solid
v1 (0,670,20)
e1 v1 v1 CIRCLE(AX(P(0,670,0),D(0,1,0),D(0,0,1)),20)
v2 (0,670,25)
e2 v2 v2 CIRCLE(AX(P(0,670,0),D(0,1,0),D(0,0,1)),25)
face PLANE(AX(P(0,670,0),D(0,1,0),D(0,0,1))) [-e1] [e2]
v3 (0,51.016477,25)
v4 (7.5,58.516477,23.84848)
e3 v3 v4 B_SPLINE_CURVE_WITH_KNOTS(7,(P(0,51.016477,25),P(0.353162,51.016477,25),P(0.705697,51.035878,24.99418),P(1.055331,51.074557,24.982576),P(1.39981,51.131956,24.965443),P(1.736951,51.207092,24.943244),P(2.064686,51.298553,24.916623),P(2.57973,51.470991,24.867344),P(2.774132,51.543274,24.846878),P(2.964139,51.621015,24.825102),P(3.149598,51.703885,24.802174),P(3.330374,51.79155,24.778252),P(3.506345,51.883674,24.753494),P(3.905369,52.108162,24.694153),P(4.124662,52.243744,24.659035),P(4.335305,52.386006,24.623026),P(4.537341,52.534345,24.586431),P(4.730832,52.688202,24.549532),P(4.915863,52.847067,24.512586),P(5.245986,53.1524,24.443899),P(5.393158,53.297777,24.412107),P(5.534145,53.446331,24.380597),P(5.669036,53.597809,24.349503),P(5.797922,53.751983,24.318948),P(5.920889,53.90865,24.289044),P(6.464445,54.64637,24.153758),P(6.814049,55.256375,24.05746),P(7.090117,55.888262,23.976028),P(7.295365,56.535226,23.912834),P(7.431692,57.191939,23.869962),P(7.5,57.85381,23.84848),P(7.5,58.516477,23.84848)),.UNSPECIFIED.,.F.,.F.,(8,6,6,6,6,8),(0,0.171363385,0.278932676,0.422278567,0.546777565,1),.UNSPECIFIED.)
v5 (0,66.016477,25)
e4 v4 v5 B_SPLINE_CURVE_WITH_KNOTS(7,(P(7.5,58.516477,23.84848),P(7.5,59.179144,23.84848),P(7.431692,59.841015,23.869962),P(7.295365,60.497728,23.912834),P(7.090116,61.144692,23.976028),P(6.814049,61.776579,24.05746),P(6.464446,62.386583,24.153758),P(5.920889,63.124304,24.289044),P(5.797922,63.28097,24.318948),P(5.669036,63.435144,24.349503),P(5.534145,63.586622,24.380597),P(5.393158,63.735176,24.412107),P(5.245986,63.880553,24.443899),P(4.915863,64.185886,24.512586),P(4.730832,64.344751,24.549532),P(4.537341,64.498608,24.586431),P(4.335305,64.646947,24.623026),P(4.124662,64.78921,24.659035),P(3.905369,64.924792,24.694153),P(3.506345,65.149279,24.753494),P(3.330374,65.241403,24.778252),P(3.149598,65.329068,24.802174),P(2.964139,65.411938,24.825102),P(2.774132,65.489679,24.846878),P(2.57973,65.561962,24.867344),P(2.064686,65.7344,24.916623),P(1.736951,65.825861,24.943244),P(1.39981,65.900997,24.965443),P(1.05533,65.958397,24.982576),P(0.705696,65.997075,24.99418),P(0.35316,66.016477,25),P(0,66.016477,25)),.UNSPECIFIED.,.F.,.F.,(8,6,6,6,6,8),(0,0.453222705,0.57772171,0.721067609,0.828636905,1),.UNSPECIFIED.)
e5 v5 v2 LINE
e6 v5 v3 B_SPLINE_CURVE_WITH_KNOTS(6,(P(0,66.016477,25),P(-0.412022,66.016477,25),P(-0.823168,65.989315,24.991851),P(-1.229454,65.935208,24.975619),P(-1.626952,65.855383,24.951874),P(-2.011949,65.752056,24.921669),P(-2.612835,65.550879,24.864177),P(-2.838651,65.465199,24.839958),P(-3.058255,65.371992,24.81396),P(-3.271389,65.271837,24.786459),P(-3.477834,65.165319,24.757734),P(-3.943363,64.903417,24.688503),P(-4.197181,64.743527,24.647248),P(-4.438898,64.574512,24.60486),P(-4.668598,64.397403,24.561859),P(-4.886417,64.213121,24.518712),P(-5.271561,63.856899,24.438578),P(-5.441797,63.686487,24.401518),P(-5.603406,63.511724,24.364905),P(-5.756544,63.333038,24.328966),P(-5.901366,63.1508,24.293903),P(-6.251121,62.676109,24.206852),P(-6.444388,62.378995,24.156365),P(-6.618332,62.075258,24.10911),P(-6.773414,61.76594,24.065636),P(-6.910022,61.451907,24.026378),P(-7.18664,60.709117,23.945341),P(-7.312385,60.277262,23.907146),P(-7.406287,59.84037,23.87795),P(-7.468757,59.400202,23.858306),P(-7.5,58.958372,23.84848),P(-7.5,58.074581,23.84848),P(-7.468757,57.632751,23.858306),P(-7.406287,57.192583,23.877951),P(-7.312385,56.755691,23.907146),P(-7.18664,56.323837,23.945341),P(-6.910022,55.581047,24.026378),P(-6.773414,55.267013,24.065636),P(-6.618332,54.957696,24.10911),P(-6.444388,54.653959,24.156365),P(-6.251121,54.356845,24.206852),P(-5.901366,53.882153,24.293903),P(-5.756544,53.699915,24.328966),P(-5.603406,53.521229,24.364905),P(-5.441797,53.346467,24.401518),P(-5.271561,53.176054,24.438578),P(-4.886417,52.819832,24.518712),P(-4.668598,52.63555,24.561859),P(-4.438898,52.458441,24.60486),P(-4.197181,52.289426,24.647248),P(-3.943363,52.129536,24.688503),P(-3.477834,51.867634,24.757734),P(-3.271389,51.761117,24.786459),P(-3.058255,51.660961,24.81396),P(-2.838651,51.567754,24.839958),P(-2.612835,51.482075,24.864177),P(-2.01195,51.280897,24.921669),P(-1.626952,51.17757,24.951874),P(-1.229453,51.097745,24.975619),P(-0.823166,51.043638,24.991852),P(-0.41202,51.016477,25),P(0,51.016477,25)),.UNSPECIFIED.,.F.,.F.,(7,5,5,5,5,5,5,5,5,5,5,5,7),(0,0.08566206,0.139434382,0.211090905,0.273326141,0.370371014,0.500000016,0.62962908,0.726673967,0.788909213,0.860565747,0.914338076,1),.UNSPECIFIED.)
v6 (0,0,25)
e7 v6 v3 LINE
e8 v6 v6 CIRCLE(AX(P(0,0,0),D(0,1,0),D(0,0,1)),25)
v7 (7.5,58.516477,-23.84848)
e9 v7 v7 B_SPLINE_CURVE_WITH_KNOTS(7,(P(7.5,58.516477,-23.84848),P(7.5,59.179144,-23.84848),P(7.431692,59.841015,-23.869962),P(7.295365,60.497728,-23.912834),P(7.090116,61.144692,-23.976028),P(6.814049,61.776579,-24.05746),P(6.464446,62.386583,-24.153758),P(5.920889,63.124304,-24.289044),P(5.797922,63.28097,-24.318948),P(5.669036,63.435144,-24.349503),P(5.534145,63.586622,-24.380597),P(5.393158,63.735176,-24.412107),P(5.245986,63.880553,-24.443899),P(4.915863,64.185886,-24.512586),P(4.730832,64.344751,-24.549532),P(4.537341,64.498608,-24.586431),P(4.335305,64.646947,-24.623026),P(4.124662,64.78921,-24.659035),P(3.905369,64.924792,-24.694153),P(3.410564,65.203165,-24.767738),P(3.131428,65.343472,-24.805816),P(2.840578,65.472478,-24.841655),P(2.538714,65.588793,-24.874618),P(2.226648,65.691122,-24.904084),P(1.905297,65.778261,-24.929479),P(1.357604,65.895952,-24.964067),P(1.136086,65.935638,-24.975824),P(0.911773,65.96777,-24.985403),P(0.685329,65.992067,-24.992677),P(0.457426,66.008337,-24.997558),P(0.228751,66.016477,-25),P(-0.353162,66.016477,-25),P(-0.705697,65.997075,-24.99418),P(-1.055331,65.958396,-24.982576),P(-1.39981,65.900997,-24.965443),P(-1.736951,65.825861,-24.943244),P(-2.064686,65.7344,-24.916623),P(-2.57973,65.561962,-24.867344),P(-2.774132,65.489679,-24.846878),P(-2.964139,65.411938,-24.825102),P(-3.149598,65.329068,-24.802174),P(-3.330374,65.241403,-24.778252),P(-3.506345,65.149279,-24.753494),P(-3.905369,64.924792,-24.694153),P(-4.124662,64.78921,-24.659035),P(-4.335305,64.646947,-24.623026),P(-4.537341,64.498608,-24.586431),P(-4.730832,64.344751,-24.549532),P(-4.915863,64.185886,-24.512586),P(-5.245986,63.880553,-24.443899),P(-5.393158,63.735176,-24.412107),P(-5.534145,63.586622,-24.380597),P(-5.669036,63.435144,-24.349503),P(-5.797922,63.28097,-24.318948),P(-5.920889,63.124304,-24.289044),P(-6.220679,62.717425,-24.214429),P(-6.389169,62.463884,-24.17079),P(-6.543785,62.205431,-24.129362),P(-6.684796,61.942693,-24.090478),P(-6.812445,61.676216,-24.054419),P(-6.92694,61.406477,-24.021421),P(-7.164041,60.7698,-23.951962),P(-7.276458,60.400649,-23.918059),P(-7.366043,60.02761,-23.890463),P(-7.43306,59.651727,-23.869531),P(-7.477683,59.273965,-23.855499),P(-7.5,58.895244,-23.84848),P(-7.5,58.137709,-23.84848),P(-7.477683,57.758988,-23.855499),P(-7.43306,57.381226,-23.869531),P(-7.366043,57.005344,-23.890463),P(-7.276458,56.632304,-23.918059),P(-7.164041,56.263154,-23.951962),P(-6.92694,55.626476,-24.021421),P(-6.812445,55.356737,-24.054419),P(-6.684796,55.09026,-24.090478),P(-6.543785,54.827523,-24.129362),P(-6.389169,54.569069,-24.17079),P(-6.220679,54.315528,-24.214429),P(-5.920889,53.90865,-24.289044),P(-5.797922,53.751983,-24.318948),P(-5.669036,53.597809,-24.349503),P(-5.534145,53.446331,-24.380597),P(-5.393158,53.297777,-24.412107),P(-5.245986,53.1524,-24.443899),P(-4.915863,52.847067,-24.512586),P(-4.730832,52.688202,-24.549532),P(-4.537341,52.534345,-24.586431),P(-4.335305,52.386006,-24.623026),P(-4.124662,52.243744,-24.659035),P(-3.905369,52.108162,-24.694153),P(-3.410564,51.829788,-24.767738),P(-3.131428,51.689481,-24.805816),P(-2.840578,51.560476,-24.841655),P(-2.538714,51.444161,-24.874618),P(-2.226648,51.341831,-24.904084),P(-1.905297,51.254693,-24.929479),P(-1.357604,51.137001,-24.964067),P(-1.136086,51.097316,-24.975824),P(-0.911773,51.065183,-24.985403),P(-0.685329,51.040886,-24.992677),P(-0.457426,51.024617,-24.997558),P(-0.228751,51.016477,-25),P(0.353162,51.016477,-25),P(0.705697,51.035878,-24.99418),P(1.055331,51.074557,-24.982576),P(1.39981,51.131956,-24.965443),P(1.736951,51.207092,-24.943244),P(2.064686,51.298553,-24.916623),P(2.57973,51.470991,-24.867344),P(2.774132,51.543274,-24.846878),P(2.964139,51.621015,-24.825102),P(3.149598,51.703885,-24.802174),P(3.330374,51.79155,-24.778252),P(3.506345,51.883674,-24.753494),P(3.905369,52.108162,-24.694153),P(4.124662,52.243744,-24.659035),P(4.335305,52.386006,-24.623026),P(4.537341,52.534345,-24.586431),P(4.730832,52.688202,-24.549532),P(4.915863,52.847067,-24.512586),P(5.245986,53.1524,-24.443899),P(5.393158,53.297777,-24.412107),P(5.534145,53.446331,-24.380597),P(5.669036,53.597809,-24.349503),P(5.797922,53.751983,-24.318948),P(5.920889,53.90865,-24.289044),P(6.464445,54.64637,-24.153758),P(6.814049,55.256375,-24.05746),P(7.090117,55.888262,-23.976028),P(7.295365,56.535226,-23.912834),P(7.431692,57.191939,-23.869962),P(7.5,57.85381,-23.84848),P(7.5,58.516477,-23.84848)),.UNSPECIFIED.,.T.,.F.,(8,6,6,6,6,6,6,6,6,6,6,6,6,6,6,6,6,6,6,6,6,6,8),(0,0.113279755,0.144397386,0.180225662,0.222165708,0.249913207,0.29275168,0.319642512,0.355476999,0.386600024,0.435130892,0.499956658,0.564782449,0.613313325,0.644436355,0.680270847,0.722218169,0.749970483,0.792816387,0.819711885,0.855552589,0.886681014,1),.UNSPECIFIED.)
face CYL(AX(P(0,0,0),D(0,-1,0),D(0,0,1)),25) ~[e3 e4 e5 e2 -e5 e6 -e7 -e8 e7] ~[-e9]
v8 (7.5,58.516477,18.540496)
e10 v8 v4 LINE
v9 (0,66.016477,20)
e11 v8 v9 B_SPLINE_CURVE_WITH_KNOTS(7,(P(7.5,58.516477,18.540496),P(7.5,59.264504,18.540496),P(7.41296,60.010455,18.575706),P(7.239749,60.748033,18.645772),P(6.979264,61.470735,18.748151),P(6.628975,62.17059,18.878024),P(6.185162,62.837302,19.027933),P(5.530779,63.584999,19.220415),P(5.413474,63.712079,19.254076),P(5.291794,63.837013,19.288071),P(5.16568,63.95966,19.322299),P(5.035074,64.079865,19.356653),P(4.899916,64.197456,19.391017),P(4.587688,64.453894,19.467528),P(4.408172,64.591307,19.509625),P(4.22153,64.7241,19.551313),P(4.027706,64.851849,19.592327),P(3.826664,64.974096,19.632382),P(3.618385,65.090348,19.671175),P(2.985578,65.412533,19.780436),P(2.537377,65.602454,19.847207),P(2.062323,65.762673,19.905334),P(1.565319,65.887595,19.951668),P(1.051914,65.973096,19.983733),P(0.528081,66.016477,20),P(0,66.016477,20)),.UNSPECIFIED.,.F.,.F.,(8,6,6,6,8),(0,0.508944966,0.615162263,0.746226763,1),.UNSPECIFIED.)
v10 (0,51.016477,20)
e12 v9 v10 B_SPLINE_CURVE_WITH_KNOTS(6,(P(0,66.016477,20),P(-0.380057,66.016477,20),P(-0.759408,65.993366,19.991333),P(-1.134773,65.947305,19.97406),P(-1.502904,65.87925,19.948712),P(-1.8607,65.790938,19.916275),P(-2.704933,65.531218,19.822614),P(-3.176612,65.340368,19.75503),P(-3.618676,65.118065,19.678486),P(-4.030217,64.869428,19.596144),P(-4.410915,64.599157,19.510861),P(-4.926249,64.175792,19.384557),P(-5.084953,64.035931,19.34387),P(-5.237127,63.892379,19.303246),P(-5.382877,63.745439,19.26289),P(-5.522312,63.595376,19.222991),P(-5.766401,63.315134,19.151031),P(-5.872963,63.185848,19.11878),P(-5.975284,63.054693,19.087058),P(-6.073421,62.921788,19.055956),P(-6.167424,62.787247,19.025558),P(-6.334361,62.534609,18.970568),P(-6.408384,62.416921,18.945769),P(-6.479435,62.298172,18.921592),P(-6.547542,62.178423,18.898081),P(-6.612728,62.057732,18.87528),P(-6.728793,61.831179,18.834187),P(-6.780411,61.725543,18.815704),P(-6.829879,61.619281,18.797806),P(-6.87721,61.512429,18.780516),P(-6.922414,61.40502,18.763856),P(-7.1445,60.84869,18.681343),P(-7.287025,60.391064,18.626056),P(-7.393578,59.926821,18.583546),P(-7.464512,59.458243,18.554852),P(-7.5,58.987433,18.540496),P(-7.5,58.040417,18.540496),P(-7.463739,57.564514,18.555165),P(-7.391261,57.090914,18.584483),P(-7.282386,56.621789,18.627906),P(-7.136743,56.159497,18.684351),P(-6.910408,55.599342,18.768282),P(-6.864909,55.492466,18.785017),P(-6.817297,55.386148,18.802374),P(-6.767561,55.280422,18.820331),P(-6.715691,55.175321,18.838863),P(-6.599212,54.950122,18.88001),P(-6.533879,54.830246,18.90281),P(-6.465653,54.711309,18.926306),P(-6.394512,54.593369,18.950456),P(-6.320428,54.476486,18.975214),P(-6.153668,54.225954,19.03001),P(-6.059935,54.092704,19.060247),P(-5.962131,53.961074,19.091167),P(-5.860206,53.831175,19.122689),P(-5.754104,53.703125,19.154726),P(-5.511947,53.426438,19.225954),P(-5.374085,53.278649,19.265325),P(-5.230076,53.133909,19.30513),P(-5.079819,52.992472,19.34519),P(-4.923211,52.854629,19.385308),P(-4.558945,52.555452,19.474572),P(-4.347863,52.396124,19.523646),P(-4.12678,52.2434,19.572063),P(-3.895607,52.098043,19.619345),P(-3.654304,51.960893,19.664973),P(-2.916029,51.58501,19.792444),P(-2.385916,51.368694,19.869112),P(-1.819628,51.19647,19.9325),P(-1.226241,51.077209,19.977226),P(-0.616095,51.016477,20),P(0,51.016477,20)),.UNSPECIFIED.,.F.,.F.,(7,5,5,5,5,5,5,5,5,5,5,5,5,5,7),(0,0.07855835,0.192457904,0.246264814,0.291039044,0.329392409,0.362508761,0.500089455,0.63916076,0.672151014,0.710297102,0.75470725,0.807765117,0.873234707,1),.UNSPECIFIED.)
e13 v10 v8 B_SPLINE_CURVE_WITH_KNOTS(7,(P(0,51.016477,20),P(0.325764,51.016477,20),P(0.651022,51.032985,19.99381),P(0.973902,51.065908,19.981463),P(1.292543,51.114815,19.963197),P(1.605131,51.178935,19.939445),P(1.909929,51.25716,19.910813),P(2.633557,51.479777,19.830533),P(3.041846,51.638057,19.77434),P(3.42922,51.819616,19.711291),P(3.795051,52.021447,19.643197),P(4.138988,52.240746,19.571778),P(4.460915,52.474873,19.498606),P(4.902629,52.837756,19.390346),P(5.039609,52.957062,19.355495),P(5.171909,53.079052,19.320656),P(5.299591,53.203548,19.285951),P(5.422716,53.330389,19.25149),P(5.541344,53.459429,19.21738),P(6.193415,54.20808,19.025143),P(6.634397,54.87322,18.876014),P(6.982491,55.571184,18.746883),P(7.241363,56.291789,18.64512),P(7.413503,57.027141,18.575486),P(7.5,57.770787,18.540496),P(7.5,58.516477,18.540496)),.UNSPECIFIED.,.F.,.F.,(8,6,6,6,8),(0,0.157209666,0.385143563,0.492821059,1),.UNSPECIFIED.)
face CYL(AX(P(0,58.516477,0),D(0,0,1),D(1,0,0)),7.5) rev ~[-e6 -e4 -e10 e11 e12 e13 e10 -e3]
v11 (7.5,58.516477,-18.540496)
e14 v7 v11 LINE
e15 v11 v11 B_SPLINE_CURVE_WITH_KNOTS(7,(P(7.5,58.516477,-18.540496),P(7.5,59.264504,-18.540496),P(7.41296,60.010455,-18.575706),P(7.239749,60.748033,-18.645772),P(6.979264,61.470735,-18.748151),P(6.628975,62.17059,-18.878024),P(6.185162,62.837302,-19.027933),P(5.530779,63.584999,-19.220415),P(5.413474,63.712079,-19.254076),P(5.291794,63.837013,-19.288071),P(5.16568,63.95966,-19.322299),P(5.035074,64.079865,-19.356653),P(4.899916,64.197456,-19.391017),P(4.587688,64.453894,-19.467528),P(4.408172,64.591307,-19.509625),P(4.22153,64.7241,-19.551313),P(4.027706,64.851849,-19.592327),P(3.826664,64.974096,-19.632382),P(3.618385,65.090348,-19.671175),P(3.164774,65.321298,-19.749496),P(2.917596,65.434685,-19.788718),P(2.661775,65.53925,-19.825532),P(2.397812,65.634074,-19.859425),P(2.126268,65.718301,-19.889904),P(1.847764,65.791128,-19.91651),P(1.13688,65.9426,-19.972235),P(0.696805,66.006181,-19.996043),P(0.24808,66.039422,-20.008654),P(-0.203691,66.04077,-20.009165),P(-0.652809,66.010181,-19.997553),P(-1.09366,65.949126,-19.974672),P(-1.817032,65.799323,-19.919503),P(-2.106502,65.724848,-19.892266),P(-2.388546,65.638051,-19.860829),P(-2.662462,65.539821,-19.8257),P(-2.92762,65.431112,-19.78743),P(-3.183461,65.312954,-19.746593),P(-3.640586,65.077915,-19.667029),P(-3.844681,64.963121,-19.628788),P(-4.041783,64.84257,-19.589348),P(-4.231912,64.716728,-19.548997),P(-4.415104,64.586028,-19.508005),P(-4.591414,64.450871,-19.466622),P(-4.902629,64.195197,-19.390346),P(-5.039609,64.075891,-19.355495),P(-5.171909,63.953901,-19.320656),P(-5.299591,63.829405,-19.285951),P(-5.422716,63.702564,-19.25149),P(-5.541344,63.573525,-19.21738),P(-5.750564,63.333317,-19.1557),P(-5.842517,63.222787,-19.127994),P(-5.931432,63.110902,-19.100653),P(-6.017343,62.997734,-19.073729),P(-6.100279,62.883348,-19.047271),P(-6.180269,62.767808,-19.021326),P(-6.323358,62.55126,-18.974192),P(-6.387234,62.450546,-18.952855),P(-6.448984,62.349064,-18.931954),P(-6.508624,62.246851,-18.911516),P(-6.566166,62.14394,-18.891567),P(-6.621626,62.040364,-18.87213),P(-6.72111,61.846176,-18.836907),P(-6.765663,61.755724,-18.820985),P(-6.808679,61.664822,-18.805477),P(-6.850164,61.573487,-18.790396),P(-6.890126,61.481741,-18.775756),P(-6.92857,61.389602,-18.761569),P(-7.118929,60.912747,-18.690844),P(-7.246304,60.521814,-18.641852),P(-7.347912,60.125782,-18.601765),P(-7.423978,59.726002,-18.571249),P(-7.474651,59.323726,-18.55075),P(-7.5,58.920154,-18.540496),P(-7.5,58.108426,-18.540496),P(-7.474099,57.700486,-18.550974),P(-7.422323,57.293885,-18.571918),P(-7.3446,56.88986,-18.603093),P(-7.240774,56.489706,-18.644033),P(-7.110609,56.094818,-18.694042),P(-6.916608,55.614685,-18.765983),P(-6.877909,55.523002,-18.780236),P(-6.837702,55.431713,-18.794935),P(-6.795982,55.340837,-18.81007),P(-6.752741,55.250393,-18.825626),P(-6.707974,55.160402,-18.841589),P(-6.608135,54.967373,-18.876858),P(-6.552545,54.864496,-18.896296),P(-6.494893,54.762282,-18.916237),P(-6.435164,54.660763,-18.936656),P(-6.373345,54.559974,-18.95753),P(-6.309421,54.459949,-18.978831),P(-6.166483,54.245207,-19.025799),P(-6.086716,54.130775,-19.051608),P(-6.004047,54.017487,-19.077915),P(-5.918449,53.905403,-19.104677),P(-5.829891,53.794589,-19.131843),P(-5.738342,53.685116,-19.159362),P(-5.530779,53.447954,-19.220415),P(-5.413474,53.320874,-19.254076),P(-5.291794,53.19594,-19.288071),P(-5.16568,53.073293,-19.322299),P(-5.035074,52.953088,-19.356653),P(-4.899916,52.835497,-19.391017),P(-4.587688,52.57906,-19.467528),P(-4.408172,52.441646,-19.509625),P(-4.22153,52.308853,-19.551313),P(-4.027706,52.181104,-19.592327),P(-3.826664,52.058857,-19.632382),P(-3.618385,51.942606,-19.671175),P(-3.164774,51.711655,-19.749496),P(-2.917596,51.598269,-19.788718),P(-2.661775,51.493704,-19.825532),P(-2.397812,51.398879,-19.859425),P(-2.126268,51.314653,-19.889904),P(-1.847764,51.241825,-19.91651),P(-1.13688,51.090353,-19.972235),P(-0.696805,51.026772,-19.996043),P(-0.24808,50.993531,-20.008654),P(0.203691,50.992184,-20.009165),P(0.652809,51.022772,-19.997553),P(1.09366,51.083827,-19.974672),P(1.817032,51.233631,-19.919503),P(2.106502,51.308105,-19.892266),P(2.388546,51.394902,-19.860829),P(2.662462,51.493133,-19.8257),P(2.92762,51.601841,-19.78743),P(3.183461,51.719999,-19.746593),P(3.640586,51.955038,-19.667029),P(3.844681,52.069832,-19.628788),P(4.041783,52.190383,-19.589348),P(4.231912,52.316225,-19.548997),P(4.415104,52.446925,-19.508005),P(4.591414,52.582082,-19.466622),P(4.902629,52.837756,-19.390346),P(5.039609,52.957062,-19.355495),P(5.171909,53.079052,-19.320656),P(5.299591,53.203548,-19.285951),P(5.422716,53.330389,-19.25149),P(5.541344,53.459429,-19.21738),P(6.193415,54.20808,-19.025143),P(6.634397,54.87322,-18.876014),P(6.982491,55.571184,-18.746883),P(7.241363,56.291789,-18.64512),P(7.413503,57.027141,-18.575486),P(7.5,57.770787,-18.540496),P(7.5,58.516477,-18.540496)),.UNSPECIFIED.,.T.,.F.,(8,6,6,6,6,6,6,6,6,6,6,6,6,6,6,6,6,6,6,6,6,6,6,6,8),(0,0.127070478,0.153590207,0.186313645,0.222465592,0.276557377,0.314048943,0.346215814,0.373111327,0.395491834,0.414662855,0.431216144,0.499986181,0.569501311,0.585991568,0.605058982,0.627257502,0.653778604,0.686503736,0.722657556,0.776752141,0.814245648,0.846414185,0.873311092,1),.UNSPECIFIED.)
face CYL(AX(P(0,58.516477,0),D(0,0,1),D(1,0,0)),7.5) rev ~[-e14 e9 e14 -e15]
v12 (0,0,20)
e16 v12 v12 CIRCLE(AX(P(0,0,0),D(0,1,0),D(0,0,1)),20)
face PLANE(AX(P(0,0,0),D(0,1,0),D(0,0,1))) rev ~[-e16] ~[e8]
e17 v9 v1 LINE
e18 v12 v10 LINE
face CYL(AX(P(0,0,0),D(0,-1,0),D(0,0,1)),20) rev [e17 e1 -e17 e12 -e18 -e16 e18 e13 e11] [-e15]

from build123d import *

# Parameters (mm, degrees)
SKETCH_1_R          = 25
SKETCH_1_R_2        = 20
EXTRUDE_1_DEPTH     = 670
SKETCH_4_R          = 7.5
CUT_EXTRUDE_3_DEPTH = 25


with BuildPart() as part:
    # 草图1 → 凸台-拉伸1 (new body)
    with BuildSketch(Plane(origin=(0, 0, 0), x_dir=(1, 0, 0), z_dir=(0, 1, 0))):
        with Locations(Location((0, 0, 0), (0, 0, 270))):
            Circle(SKETCH_1_R)
        with Locations(Location((0, 0, 0), (0, 0, 270))):
            Circle(SKETCH_1_R_2, mode=Mode.SUBTRACT)
    extrude(amount=EXTRUDE_1_DEPTH)

    # 草图4 → 切除-拉伸3 (cut, symmetric)
    with BuildSketch(Plane.XY):
        with Locations((0, 58.516476658)):
            Circle(SKETCH_4_R)
    extrude(amount=CUT_EXTRUDE_3_DEPTH, both=True, mode=Mode.SUBTRACT)


solid = part.part
